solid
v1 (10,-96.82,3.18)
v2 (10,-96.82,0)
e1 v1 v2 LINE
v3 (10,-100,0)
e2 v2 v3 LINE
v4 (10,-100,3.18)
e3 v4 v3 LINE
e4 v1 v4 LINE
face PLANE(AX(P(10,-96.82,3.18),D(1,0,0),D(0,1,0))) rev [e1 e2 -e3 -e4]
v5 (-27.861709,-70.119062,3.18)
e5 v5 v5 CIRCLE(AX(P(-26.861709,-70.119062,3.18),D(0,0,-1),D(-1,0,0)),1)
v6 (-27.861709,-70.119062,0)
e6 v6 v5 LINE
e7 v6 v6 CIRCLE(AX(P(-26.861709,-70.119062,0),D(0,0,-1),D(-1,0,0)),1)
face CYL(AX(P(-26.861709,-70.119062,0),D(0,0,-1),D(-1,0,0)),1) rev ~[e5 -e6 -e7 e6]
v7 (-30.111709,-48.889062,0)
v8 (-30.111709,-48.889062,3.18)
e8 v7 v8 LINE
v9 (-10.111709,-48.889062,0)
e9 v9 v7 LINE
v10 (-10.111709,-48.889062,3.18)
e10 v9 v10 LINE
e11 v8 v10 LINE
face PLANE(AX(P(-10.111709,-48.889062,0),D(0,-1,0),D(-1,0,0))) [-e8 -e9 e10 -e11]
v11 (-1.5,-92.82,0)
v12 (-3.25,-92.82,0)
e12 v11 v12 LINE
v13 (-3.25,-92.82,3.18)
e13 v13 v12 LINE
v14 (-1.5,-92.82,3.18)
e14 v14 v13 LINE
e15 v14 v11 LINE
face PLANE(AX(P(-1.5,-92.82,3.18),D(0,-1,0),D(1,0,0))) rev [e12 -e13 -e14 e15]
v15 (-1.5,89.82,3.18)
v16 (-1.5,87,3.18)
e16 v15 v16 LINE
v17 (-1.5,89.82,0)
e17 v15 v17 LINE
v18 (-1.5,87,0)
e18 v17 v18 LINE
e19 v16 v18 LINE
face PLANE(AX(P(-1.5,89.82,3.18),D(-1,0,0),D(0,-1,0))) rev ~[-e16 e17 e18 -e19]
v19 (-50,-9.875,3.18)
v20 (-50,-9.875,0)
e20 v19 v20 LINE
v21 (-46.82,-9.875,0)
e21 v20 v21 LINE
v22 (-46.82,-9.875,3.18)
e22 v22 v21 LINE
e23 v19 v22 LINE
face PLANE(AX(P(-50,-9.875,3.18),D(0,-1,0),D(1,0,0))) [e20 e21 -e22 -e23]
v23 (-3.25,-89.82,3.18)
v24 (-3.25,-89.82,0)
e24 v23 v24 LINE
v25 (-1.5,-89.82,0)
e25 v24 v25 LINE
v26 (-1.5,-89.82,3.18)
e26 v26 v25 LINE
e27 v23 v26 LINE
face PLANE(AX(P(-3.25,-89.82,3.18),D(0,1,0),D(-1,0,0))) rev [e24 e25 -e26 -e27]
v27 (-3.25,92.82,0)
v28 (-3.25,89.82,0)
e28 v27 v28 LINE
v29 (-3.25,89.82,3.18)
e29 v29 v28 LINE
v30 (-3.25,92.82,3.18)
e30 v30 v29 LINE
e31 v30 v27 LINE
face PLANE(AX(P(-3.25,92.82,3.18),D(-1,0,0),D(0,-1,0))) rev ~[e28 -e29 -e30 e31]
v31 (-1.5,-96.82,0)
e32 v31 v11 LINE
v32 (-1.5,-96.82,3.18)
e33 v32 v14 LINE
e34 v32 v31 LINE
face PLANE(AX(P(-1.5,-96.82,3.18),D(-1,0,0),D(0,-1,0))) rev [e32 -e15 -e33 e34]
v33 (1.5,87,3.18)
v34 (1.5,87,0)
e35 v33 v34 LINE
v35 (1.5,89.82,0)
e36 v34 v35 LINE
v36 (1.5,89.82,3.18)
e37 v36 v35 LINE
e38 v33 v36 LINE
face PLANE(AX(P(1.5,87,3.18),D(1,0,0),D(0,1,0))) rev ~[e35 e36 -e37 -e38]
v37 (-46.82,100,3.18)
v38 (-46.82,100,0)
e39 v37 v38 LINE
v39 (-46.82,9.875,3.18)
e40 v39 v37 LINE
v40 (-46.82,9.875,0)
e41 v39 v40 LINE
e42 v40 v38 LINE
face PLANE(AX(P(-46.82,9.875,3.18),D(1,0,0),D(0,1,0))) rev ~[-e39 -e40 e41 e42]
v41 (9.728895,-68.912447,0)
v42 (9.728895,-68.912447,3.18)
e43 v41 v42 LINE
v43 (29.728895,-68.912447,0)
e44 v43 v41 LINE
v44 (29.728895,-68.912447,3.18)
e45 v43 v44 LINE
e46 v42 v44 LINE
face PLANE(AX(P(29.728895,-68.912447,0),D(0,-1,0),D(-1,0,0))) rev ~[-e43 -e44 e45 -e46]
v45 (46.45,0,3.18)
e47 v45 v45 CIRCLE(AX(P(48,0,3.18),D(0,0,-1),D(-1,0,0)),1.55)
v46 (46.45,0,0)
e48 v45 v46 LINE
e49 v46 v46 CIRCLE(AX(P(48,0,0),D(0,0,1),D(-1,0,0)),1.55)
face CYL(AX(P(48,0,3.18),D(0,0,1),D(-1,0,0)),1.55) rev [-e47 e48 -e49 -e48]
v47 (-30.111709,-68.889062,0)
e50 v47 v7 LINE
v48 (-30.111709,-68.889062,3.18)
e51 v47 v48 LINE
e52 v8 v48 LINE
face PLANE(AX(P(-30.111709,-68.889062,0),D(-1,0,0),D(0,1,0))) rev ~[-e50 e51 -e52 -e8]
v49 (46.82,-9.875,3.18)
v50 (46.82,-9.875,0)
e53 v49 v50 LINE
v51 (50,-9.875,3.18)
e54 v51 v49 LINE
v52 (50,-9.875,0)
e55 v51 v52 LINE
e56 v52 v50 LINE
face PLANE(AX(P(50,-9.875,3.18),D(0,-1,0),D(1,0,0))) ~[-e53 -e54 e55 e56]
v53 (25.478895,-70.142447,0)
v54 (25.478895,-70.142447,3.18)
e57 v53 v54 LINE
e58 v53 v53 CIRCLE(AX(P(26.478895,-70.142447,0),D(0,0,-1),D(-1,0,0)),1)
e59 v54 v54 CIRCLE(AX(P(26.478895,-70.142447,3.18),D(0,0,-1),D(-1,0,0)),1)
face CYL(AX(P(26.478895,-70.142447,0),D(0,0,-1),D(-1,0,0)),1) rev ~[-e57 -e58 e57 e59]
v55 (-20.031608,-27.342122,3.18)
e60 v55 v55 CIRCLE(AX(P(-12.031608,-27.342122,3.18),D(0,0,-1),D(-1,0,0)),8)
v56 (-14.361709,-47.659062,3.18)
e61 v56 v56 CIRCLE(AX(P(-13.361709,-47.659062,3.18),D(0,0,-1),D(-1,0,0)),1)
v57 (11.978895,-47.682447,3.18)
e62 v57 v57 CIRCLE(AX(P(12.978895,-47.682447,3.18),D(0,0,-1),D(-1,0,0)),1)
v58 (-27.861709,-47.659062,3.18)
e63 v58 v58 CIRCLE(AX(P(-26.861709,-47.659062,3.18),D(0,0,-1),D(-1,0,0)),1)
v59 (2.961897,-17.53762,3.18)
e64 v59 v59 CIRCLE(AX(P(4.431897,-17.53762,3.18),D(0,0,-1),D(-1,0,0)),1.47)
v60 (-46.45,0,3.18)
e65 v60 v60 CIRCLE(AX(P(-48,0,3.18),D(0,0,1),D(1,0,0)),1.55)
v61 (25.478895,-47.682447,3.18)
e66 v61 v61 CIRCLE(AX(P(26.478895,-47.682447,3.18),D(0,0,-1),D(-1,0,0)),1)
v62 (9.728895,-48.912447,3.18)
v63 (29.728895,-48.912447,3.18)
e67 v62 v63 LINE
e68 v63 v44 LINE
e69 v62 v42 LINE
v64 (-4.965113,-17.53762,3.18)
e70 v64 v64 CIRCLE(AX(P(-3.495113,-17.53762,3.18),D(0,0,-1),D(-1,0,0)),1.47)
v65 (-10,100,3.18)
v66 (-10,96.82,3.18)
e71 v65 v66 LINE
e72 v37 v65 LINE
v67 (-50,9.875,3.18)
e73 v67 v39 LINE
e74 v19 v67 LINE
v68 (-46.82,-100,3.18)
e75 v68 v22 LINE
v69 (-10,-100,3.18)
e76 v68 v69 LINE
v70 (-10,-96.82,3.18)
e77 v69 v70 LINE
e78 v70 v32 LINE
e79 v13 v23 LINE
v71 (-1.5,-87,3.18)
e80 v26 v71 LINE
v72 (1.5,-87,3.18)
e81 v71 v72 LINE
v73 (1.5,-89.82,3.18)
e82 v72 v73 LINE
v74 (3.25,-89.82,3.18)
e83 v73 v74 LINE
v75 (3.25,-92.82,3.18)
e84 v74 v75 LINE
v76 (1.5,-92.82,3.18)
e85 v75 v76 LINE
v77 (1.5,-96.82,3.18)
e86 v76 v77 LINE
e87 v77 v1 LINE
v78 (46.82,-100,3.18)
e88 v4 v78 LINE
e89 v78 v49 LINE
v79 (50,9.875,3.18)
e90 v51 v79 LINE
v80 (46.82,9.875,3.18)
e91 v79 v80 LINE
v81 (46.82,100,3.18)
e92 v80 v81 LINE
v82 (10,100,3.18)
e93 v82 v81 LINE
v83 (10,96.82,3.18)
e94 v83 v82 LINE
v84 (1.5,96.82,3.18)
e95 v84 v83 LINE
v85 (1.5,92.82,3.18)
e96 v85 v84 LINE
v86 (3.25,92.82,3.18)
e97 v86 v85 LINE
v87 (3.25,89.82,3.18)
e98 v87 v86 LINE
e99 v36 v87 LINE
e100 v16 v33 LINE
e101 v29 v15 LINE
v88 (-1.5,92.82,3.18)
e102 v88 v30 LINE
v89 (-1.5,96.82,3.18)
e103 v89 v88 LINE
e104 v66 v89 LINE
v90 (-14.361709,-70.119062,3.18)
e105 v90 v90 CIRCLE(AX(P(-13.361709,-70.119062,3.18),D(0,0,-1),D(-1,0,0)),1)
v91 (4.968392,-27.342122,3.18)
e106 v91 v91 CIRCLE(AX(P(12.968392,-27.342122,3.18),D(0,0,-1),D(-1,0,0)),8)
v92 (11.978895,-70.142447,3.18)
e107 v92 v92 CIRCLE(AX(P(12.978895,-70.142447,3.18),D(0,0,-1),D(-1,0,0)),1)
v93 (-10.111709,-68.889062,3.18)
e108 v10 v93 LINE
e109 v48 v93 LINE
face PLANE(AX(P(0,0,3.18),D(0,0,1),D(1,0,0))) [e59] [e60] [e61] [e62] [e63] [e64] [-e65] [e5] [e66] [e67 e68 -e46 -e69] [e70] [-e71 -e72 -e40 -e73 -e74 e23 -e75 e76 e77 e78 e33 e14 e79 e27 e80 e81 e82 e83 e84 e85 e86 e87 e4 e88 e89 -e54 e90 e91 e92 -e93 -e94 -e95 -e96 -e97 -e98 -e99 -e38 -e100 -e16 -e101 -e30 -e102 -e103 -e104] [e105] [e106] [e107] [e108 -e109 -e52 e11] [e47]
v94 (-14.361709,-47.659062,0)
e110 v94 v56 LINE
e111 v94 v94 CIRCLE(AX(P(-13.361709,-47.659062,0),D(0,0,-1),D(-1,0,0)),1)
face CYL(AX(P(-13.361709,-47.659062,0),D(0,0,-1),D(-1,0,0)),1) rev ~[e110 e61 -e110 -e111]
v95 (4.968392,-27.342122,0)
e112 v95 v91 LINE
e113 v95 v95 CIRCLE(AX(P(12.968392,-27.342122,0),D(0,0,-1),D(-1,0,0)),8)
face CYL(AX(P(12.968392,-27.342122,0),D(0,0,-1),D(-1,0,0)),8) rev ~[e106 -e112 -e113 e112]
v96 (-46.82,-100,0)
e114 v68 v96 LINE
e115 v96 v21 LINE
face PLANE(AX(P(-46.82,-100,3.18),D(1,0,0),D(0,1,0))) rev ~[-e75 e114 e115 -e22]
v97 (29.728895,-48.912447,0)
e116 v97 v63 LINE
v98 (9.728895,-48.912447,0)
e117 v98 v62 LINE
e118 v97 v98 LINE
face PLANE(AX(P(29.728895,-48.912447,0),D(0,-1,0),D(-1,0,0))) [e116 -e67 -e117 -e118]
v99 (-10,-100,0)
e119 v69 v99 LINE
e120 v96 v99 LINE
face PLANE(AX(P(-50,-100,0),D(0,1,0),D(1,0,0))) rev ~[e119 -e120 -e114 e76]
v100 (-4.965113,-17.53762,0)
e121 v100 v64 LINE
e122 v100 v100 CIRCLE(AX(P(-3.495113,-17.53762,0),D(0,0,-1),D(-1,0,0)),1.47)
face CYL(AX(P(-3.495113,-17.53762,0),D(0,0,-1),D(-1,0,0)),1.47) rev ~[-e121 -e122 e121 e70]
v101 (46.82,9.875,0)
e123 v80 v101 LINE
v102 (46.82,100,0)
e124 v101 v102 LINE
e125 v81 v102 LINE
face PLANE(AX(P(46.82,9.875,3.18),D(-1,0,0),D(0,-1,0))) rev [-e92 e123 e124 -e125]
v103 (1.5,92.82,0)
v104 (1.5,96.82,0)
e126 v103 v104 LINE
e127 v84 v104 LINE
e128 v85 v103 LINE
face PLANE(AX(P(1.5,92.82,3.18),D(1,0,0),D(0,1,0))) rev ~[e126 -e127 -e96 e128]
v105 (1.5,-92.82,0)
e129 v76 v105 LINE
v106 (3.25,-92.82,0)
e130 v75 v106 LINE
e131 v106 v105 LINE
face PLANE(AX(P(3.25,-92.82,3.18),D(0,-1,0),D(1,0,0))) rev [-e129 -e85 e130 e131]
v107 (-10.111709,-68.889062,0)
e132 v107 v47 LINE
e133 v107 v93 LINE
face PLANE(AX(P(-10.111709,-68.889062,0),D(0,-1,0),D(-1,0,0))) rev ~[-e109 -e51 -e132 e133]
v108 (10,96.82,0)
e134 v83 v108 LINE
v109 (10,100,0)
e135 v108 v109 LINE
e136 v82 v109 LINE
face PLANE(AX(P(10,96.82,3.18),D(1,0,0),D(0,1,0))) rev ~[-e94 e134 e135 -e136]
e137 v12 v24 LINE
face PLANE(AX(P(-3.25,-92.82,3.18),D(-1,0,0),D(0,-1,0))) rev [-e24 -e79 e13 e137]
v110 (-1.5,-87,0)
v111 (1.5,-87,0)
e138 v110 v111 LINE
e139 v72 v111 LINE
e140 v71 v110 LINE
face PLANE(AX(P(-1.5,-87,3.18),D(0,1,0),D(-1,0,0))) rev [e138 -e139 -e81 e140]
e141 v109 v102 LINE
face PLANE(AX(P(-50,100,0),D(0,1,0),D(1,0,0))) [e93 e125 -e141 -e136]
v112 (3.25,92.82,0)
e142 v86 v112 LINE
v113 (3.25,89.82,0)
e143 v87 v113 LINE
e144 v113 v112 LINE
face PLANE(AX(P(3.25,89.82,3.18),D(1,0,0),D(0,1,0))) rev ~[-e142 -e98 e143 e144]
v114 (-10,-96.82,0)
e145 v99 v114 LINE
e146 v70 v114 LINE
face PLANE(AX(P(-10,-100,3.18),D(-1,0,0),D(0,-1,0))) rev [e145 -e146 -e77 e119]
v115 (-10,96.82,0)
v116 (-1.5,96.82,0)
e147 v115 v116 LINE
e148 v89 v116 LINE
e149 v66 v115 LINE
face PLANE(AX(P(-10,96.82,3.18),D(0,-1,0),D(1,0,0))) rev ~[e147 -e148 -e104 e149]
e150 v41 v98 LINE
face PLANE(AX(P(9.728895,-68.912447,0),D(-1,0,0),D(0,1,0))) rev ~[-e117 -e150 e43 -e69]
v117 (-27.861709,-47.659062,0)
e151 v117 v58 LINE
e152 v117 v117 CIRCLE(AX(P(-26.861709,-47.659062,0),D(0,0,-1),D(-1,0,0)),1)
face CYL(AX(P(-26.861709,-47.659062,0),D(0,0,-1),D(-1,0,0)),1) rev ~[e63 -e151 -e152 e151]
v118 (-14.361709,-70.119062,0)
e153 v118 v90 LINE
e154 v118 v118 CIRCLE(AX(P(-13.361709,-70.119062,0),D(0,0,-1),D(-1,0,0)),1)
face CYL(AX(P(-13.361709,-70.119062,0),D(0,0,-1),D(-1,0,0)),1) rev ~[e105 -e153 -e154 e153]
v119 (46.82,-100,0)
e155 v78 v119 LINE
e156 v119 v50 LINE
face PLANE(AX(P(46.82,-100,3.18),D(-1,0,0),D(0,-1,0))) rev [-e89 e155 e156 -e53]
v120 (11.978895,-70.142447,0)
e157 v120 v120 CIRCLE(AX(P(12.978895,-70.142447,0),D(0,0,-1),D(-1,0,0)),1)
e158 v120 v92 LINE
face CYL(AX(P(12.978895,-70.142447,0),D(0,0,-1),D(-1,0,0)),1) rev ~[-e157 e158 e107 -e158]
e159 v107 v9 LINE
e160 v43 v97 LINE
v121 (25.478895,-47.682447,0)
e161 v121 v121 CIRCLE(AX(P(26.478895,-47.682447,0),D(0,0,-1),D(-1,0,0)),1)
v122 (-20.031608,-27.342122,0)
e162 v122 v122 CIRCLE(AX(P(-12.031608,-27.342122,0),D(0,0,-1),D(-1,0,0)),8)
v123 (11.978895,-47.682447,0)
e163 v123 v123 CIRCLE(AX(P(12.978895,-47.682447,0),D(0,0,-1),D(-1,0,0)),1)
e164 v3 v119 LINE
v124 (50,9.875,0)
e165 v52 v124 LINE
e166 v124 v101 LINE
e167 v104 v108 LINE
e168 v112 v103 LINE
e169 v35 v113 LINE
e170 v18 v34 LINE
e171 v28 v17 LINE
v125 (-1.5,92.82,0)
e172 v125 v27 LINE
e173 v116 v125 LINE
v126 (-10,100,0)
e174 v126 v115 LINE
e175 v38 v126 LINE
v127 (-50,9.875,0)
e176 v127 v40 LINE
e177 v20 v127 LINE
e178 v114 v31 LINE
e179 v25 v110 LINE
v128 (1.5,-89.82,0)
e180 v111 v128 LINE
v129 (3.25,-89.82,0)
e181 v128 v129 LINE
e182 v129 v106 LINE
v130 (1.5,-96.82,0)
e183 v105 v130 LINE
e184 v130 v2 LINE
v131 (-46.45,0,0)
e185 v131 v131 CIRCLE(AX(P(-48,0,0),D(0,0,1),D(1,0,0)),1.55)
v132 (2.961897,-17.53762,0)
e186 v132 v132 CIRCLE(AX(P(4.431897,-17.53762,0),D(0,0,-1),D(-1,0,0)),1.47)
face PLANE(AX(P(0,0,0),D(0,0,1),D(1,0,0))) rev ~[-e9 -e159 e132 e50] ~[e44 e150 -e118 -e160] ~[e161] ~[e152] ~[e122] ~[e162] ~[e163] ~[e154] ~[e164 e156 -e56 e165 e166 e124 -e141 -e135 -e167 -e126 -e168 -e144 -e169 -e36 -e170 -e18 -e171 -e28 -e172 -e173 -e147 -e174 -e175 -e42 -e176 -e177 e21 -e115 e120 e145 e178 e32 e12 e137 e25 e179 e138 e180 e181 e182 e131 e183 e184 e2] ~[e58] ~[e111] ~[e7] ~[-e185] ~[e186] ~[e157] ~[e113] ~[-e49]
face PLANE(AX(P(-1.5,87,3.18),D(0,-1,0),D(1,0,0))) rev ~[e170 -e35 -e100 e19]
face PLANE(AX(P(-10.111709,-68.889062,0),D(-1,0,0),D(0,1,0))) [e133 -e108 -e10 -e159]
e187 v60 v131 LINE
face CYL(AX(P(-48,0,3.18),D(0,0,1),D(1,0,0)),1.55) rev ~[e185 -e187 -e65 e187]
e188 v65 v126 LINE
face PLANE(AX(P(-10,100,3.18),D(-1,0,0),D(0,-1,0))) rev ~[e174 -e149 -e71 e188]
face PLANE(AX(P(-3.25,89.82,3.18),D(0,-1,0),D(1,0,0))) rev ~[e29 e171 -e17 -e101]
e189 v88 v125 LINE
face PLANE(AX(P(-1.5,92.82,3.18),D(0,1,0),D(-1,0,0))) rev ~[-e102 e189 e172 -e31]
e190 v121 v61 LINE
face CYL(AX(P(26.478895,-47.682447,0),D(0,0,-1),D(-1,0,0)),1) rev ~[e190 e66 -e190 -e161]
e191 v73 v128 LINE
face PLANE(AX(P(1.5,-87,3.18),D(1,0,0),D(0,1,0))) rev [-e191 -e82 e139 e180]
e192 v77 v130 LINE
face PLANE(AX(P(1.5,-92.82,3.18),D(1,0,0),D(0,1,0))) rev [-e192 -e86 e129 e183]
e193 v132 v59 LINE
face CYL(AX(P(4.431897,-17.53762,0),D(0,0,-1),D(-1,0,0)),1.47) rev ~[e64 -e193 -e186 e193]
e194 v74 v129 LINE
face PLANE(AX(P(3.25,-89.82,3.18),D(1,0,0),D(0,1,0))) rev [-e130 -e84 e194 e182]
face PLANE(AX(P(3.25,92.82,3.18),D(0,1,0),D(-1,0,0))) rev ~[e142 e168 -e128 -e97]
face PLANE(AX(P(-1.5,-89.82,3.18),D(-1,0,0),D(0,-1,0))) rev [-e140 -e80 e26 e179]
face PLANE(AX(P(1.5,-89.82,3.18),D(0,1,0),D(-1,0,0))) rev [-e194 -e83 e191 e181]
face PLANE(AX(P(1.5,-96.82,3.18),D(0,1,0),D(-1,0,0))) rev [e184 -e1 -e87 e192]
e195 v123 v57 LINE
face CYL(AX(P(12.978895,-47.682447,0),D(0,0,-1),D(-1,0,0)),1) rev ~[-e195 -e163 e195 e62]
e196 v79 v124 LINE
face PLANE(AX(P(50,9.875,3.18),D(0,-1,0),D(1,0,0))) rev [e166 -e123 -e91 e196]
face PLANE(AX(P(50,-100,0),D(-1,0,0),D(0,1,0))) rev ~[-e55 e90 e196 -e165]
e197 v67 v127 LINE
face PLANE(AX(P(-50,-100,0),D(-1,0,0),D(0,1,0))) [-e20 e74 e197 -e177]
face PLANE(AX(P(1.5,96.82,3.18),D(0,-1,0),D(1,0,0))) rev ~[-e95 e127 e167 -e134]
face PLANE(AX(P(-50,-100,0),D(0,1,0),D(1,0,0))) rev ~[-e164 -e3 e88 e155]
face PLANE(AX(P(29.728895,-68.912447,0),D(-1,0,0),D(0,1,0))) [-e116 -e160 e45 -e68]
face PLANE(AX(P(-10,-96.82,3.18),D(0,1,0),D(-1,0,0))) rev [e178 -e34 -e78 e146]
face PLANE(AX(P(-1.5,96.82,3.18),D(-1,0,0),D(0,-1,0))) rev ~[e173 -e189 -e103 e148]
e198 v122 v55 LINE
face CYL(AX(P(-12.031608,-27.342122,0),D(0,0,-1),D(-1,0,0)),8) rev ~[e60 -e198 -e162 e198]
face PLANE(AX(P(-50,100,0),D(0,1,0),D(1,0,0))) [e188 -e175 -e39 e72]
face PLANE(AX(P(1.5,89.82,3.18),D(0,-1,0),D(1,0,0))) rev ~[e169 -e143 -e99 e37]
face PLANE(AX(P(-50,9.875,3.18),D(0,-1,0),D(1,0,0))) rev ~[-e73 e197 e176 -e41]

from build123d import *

# Parameters (mm, degrees)
SKETCH1_W           = 100
SKETCH1_H           = 200
BOSS_EXTRUDE2_DEPTH = 3.18
SKETCH2_R           = 1.55
SKETCH2_W           = 3.18
SKETCH2_H           = 90.125
CUT_EXTRUDE1_DEPTH  = 4.18
SKETCH4_R           = 1
CUT_EXTRUDE15_DEPTH = 10
SKETCH5_R           = 8
CUT_EXTRUDE16_DEPTH = 4.18
SKETCH6_R           = 1.47
CUT_EXTRUDE17_DEPTH = 4.18
SKETCH7_W           = 20
SKETCH7_H           = 20
CUT_EXTRUDE18_DEPTH = 4.18


with BuildPart() as part:
    # Sketch1 → Boss-Extrude2 (new body)
    with BuildSketch(Plane.XY):
        Rectangle(SKETCH1_W, SKETCH1_H)
    extrude(amount=BOSS_EXTRUDE2_DEPTH)

    # Sketch2 → Cut-Extrude1 (cut, through all)
    with BuildSketch(Plane.XY.offset(3.18)):
        with Locations((-48, 0)):
            Circle(SKETCH2_R)
        Polygon((-10, 100), (-10, 96.82), (-1.5, 96.82), (-1.5, 92.82), (-3.25, 92.82), (-3.25, 89.82), (-1.5, 89.82), (-1.5, 87), (1.5, 87), (1.5, 89.82), (3.25, 89.82), (3.25, 92.82), (1.5, 92.82), (1.5, 96.82), (10, 96.82), (10, 100), align=None)
        with Locations((-48.41, 54.9375)):
            Rectangle(SKETCH2_W, SKETCH2_H)
        with Locations((-48.41, -54.9375)):
            Rectangle(SKETCH2_W, SKETCH2_H)
    cut_extrude1 = extrude(amount=-CUT_EXTRUDE1_DEPTH, mode=Mode.SUBTRACT)

    # Mirror1: Cut-Extrude1 across plane
    add(cut_extrude1.mirror(Plane.ZX), mode=Mode.SUBTRACT)

    # Mirror3: Cut-Extrude1 across plane
    add(cut_extrude1.mirror(Plane(origin=(0, 0, 0), x_dir=(0, 0, 1), z_dir=(1, 0, 0))), mode=Mode.SUBTRACT)

    # Sketch4 → Cut-Extrude15 (cut)
    with BuildSketch(Plane(origin=(0, 0, 0), x_dir=(-1, 0, 0), z_dir=(0, 0, -1))):
        with Locations((13.361708712, -70.119061845)):
            Circle(SKETCH4_R)
        with Locations((26.861708712, -70.119061845)):
            Circle(SKETCH4_R)
        with Locations((26.861708712, -47.659061845)):
            Circle(SKETCH4_R)
        with Locations((13.361708712, -47.659061845)):
            Circle(SKETCH4_R)
        with Locations((-12.978894748, -47.682446814)):
            Circle(SKETCH4_R)
        with Locations((-26.478894748, -47.682446814)):
            Circle(SKETCH4_R)
        with Locations((-26.478894748, -70.142446814)):
            Circle(SKETCH4_R)
        with Locations((-12.978894748, -70.142446814)):
            Circle(SKETCH4_R)
    extrude(amount=-CUT_EXTRUDE15_DEPTH, mode=Mode.SUBTRACT)

    # Sketch5 → Cut-Extrude16 (cut, through all)
    with BuildSketch(Plane(origin=(0, 0, 0), x_dir=(-1, 0, 0), z_dir=(0, 0, -1))):
        with Locations((12.031607873, -27.34212165)):
            Circle(SKETCH5_R)
        with Locations((-12.968392127, -27.34212165)):
            Circle(SKETCH5_R)
    extrude(amount=-CUT_EXTRUDE16_DEPTH, mode=Mode.SUBTRACT)

    # Sketch6 → Cut-Extrude17 (cut, through all)
    with BuildSketch(Plane(origin=(0, 0, 0), x_dir=(-1, 0, 0), z_dir=(0, 0, -1))):
        with Locations((3.495113066, -17.537619805)):
            Circle(SKETCH6_R)
        with Locations((-4.43189732, -17.537619805)):
            Circle(SKETCH6_R)
    extrude(amount=-CUT_EXTRUDE17_DEPTH, mode=Mode.SUBTRACT)

    # Sketch7 → Cut-Extrude18 (cut, through all)
    with BuildSketch(Plane(origin=(0, 0, 0), x_dir=(-1, 0, 0), z_dir=(0, 0, -1))):
        with Locations((20.111708712, -58.889061845)):
            Rectangle(SKETCH7_W, SKETCH7_H)
        with Locations((-19.728894748, -58.912446814)):
            Rectangle(SKETCH7_W, SKETCH7_H)
    extrude(amount=-CUT_EXTRUDE18_DEPTH, mode=Mode.SUBTRACT)


solid = part.part
